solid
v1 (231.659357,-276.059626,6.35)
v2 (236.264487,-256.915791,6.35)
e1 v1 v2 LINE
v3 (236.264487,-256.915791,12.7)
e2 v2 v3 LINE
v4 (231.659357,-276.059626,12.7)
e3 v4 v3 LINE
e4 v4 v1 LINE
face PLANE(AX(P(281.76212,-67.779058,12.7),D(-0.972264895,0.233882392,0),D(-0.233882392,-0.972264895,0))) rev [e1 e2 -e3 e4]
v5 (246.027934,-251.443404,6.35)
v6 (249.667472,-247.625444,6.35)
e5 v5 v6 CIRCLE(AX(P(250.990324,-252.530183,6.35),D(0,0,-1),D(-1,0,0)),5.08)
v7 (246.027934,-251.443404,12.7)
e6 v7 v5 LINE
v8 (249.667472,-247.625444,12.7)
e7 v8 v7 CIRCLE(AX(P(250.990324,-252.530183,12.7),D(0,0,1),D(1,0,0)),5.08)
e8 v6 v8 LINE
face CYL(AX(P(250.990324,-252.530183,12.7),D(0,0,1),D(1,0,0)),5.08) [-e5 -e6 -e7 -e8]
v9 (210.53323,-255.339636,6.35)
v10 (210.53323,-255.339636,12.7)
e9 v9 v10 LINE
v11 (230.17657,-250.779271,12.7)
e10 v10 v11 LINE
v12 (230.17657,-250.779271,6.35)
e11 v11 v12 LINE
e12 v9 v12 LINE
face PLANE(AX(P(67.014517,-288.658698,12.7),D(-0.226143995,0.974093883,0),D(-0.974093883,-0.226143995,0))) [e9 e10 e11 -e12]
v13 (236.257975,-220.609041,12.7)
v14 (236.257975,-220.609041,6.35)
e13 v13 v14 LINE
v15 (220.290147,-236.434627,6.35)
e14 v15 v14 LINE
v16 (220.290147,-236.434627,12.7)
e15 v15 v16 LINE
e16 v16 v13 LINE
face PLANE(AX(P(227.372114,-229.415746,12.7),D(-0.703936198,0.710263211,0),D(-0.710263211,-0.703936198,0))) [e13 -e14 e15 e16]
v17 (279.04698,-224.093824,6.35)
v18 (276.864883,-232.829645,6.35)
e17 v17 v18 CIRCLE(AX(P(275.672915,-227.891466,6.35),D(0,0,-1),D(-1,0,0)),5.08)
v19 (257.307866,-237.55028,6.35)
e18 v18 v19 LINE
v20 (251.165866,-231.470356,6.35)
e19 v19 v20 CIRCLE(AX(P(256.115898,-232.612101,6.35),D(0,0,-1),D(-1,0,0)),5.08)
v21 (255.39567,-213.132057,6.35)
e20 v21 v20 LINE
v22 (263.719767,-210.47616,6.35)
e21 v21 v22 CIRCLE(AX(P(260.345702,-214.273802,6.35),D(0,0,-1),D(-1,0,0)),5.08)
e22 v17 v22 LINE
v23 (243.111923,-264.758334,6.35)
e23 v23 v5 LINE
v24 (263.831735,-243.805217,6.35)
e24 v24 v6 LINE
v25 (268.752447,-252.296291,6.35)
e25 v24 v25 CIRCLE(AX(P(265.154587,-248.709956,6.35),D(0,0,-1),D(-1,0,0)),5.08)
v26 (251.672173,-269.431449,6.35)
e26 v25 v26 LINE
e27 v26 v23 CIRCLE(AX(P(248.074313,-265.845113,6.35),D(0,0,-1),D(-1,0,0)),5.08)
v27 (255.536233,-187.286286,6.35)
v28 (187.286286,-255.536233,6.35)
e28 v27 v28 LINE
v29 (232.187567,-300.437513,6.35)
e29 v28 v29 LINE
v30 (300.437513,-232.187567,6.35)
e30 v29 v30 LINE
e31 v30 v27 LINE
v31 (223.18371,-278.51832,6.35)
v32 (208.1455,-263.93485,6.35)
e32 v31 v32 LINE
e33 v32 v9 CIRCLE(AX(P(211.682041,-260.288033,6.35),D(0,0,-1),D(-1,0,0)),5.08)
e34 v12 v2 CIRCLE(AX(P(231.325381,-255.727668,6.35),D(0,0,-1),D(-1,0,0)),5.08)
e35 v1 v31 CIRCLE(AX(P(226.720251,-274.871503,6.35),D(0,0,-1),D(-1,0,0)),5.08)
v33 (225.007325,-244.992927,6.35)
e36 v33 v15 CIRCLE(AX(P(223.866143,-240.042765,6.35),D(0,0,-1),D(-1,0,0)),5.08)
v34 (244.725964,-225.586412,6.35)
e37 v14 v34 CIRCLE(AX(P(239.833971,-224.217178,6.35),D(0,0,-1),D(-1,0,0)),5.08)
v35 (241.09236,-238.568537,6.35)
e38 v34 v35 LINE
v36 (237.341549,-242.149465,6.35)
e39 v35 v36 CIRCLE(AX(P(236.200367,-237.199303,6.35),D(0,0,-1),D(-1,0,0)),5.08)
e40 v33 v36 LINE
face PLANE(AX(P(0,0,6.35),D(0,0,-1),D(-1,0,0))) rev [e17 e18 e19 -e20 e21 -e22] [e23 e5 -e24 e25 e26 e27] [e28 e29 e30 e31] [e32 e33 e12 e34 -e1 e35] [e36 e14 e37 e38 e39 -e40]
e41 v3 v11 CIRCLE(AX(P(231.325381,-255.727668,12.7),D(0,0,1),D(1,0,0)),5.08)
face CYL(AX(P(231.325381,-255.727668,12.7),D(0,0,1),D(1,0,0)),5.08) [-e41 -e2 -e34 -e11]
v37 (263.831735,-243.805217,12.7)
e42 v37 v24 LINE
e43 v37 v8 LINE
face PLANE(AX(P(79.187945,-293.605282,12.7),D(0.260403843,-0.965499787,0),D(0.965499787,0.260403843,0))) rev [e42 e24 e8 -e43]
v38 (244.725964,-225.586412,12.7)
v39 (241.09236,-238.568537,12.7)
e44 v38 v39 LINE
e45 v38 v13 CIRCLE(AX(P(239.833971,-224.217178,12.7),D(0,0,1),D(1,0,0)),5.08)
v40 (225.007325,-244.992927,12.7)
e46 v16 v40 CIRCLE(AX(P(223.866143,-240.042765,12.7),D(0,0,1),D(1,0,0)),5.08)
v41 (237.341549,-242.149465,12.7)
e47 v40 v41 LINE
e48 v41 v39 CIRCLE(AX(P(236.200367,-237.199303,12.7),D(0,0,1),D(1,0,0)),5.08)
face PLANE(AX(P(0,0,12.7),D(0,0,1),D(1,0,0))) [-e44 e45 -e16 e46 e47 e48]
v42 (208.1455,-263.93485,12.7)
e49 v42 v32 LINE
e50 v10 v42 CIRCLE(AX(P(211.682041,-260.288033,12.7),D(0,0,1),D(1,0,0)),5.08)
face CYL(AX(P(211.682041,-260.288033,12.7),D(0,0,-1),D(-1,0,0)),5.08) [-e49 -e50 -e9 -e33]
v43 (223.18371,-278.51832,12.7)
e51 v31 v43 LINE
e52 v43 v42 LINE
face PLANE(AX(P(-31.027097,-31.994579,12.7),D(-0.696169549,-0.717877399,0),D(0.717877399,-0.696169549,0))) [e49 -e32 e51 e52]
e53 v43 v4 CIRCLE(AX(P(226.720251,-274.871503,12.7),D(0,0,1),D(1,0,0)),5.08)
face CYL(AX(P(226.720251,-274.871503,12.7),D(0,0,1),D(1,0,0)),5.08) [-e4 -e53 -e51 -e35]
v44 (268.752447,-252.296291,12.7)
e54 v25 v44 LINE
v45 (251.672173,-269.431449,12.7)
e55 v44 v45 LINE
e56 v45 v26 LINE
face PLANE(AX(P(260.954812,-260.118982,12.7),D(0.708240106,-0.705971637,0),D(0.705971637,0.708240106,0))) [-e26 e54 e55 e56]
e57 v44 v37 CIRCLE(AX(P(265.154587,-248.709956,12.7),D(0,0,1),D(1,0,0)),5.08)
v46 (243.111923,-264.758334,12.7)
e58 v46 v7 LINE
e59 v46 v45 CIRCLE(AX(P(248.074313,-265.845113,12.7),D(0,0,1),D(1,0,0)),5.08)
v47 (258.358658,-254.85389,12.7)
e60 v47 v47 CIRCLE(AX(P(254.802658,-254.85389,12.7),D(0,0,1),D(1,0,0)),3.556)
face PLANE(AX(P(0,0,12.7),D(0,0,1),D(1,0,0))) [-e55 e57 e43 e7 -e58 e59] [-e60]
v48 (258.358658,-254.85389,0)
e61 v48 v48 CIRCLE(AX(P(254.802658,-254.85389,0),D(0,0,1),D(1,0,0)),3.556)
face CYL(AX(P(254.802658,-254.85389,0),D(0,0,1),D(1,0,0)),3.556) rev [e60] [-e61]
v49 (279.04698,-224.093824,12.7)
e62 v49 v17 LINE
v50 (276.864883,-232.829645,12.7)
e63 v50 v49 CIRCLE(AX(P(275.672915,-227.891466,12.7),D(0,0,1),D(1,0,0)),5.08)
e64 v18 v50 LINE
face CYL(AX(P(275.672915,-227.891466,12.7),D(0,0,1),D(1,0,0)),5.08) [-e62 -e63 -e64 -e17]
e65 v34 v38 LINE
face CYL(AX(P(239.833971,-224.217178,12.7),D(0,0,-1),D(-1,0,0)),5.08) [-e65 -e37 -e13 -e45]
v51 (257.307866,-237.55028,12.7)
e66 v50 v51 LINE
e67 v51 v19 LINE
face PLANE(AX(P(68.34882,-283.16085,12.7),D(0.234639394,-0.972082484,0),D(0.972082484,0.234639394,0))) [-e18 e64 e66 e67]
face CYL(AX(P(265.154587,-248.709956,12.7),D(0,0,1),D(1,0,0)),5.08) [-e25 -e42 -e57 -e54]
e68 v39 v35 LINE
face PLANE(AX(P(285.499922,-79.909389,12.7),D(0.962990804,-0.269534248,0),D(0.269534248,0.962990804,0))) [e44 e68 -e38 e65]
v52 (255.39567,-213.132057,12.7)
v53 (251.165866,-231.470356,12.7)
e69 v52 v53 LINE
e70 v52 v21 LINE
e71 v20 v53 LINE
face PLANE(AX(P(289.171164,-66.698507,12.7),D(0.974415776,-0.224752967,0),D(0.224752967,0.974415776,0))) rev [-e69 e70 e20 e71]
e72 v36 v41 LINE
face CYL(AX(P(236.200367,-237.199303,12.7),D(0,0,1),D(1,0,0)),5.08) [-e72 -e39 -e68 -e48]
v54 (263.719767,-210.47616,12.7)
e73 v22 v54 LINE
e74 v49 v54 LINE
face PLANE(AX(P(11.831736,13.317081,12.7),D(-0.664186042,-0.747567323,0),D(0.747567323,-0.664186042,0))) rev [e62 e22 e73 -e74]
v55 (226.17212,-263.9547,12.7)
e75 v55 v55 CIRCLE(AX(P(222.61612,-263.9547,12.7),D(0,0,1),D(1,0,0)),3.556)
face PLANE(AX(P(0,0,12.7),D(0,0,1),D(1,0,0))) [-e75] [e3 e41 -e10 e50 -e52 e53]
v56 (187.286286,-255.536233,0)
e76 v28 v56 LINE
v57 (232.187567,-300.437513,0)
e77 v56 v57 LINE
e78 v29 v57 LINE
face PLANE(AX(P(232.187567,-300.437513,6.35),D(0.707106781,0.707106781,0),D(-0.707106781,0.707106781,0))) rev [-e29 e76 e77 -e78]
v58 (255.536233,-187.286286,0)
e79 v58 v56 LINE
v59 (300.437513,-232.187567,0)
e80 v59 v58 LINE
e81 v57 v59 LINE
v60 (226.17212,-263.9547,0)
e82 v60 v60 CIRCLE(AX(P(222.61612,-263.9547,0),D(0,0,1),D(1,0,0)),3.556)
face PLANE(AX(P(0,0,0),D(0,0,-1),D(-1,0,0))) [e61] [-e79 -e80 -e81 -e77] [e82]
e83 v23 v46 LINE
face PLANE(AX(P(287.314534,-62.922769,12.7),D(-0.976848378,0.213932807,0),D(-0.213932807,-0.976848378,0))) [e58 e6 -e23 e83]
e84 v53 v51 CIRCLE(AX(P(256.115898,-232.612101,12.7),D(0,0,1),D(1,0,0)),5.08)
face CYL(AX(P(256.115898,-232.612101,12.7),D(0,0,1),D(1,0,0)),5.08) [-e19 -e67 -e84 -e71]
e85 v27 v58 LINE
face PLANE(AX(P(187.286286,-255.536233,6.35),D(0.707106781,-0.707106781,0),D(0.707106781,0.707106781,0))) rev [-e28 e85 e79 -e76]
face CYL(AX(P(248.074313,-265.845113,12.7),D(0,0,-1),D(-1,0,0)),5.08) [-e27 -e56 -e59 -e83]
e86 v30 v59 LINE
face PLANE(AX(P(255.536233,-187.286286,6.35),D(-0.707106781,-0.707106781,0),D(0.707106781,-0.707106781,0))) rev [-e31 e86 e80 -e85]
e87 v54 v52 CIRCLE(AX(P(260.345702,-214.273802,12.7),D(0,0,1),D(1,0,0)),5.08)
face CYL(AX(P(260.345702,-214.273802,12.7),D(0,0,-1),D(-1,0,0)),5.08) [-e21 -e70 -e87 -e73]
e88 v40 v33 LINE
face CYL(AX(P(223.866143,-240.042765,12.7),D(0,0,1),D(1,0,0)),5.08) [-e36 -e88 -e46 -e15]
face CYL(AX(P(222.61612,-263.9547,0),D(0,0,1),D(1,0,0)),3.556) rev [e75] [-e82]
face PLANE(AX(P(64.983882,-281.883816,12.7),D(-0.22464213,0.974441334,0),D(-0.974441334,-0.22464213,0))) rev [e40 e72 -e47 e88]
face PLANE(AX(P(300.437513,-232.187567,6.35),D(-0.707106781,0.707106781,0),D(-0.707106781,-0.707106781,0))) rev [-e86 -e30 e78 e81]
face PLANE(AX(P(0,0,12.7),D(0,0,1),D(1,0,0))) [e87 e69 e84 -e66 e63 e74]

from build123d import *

# Parameters (mm, degrees)
BOSS_EXTRUDE1_DEPTH     = 6.35
BOSS_EXTRUDE2_DEPTH     = 6.35
FILLET1_R               = 5.08
SKETCH3_R               = 3.556
CUT_EXTRUDE1_DEPTH      = 1.0000001
CUT_EXTRUDE1_DEPTH_BACK = 13.7


with BuildPart() as part:
    # Sketch1 → Boss-Extrude1 (new body)
    with BuildSketch(Plane.XY):
        Polygon((187.286286244, -255.536232765), (255.536232765, -187.286286244), (300.43751337, -232.18756685), (232.18756685, -300.43751337), align=None)
    extrude(amount=BOSS_EXTRUDE1_DEPTH)

    # Sketch2 → Boss-Extrude2 (add)
    with BuildSketch(Plane(origin=(-122.999277868, -379.350906339, 6.35), x_dir=(1, 0, 0), z_dir=(0, 0, 1))):
        Polygon((358.652446232, 129.843073159), (361.187345435, 130.431571088), (353.631906688, 99.023102123), (352.465526746, 94.616733593), (347.736029271, 99.326506792), (324.454742757, 121.903791925), align=None)
        Polygon((369.84495619, 105.077454433), (362.389303407, 97.597844709), (364.454204898, 107.026485871), (369.687373927, 130.92189838), (389.915729798, 136.377665107), (404.528274707, 139.872219424), align=None)
        Polygon((380.244489791, 174.237534533), (380.323081857, 174.55732413), (406.948495143, 150.901624736), (409.197553318, 148.774137273), (405.612483177, 147.90877996), (372.317989901, 139.872219424), align=None)
        Polygon((371.079053541, 165.746977866), (363.278943376, 137.878777762), (341.260989988, 132.802884769), (330.489965122, 130.230836291), (365.380288676, 164.810357377), (373.055677454, 172.41737391), align=None)
    extrude(amount=BOSS_EXTRUDE2_DEPTH)

    # Fillet1
    fillet1_edges = [part.edges().sort_by_distance(p)[0] for p in [
        (250.056399586, -206.933532429, 9.525),
        (257.323803989, -204.79358221, 9.525),
        (286.19827545, -230.576769066, 9.525),
        (249.318712034, -239.478686915, 9.525),
        (239.390025539, -281.753061631, 9.525),
        (246.688096059, -248.429007959, 9.525),
        (281.528996839, -239.478686915, 9.525),
        (201.455464889, -257.447114414, 9.525),
        (238.188067567, -248.919335251, 9.525),
        (207.490687255, -249.120070049, 9.525),
        (240.279665508, -241.472128577, 9.525),
        (229.466248878, -284.734172747, 9.525),
    ]]
    fillet(fillet1_edges, radius=FILLET1_R)

    # Sketch3 → Cut-Extrude1 (cut, two sides)
    with BuildSketch(Plane.XY.offset(12.7)) as cut_extrude1_sk:
        with Locations((254.802658362, -254.853889617)):
            Circle(SKETCH3_R)
        with Locations((222.616120289, -263.9547)):
            Circle(SKETCH3_R)
    extrude(amount=CUT_EXTRUDE1_DEPTH, mode=Mode.SUBTRACT)
    extrude(cut_extrude1_sk.sketch, amount=-CUT_EXTRUDE1_DEPTH_BACK, mode=Mode.SUBTRACT)


solid = part.part
